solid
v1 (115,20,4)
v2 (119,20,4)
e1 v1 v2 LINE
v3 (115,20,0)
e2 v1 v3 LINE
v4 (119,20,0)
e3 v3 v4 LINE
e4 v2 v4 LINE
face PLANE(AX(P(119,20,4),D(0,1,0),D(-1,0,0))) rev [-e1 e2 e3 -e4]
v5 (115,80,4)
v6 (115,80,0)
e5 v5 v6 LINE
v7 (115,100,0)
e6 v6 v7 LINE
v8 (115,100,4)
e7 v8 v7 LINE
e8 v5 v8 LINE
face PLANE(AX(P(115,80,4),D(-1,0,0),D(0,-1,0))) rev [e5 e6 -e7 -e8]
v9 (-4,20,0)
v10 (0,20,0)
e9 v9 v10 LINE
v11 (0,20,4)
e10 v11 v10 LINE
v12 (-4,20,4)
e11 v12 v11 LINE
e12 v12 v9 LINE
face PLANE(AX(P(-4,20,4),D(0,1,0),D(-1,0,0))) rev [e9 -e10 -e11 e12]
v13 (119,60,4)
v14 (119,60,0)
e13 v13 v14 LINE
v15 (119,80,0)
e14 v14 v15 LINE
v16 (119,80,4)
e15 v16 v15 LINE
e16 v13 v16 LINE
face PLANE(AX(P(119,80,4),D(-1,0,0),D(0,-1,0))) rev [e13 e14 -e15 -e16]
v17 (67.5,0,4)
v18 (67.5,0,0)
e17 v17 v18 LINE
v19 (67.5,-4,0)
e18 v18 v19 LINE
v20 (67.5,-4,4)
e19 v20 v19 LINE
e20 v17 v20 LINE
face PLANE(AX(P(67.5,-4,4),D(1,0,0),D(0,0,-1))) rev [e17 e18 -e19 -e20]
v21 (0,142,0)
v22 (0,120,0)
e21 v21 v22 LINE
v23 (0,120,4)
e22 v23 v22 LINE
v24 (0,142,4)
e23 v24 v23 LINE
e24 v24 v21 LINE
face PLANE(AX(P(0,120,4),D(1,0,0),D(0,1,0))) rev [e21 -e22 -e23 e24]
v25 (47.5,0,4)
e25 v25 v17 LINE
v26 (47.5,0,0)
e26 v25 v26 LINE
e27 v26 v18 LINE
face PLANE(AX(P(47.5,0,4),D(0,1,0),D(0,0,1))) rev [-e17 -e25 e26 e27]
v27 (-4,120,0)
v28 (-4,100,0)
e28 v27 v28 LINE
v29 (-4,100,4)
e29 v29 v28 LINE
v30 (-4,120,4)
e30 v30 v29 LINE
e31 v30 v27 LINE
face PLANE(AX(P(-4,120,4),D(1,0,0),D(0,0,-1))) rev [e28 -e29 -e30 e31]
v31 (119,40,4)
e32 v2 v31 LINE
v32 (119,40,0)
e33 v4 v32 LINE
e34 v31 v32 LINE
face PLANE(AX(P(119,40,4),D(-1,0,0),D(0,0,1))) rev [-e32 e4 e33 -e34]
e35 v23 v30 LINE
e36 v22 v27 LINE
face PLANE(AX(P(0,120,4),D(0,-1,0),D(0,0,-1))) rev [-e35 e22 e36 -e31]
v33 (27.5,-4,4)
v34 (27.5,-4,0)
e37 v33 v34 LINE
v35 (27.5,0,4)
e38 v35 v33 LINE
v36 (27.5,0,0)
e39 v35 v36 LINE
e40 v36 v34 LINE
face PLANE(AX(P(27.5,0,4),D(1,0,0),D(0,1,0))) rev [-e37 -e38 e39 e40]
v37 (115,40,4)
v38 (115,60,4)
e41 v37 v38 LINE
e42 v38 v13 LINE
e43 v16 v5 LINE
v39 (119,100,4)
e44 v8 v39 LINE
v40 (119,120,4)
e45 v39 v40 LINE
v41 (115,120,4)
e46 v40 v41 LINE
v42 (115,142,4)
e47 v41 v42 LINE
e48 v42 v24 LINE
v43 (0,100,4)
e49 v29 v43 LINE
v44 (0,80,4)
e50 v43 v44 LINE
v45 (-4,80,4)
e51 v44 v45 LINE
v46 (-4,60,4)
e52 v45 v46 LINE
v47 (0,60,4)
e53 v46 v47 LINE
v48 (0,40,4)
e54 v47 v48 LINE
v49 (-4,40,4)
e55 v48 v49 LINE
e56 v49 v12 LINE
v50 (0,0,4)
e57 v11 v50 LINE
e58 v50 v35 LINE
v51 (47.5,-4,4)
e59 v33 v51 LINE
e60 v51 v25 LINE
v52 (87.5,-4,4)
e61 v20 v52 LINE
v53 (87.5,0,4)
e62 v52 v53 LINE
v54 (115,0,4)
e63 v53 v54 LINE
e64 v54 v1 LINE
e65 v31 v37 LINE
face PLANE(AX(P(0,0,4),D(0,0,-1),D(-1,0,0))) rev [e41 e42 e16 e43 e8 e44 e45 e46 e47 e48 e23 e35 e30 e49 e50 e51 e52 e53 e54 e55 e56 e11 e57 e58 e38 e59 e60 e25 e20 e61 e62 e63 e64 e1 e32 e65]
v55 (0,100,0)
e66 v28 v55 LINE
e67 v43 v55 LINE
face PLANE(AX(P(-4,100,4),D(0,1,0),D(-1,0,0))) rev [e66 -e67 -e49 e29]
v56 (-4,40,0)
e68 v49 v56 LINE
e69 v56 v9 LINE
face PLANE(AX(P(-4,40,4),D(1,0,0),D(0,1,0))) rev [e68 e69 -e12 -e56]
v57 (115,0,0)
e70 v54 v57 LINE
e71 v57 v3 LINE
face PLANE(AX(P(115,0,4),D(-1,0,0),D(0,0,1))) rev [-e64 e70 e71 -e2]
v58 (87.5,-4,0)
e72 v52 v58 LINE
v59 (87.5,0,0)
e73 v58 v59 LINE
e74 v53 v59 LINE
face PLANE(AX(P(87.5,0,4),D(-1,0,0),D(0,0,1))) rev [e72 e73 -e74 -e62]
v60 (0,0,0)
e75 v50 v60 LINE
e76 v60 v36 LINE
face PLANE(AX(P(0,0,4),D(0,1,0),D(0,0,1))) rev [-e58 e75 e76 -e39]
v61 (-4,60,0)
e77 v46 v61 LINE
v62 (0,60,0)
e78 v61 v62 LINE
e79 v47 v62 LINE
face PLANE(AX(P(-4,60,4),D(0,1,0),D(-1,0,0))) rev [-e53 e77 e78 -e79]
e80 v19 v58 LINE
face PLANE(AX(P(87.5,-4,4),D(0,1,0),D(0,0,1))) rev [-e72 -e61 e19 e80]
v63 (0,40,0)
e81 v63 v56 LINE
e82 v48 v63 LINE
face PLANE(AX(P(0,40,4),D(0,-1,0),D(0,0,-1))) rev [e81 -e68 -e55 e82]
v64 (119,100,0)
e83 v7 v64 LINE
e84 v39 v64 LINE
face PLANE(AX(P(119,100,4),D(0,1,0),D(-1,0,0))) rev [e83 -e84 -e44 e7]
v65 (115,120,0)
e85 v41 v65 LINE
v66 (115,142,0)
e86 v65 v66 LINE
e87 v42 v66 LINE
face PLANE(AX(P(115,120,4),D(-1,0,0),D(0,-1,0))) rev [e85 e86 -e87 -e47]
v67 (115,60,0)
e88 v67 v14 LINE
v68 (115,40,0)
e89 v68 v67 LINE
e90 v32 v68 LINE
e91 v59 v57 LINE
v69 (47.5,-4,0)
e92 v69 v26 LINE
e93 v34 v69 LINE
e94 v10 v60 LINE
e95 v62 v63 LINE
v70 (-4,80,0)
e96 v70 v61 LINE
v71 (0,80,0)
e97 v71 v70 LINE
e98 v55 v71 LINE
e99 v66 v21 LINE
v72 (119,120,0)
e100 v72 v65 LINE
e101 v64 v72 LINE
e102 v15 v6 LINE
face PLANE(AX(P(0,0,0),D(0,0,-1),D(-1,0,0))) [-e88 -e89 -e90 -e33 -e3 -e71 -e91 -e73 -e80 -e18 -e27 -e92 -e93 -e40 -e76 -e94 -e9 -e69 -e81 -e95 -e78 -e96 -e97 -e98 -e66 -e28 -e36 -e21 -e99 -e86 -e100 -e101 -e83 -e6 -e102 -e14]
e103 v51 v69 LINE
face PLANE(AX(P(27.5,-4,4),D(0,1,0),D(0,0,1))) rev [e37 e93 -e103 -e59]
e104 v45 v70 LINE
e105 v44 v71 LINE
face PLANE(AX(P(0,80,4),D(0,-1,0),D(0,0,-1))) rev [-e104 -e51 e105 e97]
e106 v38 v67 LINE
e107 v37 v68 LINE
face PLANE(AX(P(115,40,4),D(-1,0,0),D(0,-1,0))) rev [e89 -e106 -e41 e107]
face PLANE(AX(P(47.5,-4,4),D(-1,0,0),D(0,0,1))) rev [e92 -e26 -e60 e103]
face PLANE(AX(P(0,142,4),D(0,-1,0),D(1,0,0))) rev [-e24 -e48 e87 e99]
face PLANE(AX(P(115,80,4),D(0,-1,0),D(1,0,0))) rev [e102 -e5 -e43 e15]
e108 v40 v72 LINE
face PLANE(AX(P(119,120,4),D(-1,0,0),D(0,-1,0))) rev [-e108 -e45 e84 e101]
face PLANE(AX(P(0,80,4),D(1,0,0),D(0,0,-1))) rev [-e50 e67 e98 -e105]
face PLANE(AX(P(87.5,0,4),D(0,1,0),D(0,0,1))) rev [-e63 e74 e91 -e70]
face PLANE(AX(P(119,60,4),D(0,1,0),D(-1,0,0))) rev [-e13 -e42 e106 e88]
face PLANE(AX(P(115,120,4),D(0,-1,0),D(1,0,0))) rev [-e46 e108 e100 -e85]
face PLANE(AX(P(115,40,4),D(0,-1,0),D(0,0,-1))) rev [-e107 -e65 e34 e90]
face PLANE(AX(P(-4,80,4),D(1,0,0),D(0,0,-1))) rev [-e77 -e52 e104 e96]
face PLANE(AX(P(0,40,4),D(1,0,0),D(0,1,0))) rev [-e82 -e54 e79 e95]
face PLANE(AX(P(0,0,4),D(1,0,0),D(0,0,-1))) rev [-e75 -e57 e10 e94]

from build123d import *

# Parameters (mm, degrees)
EXTRUDE_1_DEPTH = 4


with BuildPart() as part:
    # Эскиз1 → Бобышка-Вытянуть1 (new body)
    with BuildSketch(Plane.XY):
        Polygon((27.5, 0), (27.5, -4), (47.5, -4), (47.5, 0), (67.5, 0), (67.5, -4), (87.5, -4), (87.5, 0), (115, 0), (115, 20), (119, 20), (119, 40), (115, 40), (115, 60), (119, 60), (119, 80), (115, 80), (115, 100), (119, 100), (119, 120), (115, 120), (115, 142), (0, 142), (0, 120), (-4, 120), (-4, 100), (0, 100), (0, 80), (-4, 80), (-4, 60), (0, 60), (0, 40), (-4, 40), (-4, 20), (0, 20), (0, 0), align=None)
    extrude(amount=EXTRUDE_1_DEPTH)


solid = part.part
